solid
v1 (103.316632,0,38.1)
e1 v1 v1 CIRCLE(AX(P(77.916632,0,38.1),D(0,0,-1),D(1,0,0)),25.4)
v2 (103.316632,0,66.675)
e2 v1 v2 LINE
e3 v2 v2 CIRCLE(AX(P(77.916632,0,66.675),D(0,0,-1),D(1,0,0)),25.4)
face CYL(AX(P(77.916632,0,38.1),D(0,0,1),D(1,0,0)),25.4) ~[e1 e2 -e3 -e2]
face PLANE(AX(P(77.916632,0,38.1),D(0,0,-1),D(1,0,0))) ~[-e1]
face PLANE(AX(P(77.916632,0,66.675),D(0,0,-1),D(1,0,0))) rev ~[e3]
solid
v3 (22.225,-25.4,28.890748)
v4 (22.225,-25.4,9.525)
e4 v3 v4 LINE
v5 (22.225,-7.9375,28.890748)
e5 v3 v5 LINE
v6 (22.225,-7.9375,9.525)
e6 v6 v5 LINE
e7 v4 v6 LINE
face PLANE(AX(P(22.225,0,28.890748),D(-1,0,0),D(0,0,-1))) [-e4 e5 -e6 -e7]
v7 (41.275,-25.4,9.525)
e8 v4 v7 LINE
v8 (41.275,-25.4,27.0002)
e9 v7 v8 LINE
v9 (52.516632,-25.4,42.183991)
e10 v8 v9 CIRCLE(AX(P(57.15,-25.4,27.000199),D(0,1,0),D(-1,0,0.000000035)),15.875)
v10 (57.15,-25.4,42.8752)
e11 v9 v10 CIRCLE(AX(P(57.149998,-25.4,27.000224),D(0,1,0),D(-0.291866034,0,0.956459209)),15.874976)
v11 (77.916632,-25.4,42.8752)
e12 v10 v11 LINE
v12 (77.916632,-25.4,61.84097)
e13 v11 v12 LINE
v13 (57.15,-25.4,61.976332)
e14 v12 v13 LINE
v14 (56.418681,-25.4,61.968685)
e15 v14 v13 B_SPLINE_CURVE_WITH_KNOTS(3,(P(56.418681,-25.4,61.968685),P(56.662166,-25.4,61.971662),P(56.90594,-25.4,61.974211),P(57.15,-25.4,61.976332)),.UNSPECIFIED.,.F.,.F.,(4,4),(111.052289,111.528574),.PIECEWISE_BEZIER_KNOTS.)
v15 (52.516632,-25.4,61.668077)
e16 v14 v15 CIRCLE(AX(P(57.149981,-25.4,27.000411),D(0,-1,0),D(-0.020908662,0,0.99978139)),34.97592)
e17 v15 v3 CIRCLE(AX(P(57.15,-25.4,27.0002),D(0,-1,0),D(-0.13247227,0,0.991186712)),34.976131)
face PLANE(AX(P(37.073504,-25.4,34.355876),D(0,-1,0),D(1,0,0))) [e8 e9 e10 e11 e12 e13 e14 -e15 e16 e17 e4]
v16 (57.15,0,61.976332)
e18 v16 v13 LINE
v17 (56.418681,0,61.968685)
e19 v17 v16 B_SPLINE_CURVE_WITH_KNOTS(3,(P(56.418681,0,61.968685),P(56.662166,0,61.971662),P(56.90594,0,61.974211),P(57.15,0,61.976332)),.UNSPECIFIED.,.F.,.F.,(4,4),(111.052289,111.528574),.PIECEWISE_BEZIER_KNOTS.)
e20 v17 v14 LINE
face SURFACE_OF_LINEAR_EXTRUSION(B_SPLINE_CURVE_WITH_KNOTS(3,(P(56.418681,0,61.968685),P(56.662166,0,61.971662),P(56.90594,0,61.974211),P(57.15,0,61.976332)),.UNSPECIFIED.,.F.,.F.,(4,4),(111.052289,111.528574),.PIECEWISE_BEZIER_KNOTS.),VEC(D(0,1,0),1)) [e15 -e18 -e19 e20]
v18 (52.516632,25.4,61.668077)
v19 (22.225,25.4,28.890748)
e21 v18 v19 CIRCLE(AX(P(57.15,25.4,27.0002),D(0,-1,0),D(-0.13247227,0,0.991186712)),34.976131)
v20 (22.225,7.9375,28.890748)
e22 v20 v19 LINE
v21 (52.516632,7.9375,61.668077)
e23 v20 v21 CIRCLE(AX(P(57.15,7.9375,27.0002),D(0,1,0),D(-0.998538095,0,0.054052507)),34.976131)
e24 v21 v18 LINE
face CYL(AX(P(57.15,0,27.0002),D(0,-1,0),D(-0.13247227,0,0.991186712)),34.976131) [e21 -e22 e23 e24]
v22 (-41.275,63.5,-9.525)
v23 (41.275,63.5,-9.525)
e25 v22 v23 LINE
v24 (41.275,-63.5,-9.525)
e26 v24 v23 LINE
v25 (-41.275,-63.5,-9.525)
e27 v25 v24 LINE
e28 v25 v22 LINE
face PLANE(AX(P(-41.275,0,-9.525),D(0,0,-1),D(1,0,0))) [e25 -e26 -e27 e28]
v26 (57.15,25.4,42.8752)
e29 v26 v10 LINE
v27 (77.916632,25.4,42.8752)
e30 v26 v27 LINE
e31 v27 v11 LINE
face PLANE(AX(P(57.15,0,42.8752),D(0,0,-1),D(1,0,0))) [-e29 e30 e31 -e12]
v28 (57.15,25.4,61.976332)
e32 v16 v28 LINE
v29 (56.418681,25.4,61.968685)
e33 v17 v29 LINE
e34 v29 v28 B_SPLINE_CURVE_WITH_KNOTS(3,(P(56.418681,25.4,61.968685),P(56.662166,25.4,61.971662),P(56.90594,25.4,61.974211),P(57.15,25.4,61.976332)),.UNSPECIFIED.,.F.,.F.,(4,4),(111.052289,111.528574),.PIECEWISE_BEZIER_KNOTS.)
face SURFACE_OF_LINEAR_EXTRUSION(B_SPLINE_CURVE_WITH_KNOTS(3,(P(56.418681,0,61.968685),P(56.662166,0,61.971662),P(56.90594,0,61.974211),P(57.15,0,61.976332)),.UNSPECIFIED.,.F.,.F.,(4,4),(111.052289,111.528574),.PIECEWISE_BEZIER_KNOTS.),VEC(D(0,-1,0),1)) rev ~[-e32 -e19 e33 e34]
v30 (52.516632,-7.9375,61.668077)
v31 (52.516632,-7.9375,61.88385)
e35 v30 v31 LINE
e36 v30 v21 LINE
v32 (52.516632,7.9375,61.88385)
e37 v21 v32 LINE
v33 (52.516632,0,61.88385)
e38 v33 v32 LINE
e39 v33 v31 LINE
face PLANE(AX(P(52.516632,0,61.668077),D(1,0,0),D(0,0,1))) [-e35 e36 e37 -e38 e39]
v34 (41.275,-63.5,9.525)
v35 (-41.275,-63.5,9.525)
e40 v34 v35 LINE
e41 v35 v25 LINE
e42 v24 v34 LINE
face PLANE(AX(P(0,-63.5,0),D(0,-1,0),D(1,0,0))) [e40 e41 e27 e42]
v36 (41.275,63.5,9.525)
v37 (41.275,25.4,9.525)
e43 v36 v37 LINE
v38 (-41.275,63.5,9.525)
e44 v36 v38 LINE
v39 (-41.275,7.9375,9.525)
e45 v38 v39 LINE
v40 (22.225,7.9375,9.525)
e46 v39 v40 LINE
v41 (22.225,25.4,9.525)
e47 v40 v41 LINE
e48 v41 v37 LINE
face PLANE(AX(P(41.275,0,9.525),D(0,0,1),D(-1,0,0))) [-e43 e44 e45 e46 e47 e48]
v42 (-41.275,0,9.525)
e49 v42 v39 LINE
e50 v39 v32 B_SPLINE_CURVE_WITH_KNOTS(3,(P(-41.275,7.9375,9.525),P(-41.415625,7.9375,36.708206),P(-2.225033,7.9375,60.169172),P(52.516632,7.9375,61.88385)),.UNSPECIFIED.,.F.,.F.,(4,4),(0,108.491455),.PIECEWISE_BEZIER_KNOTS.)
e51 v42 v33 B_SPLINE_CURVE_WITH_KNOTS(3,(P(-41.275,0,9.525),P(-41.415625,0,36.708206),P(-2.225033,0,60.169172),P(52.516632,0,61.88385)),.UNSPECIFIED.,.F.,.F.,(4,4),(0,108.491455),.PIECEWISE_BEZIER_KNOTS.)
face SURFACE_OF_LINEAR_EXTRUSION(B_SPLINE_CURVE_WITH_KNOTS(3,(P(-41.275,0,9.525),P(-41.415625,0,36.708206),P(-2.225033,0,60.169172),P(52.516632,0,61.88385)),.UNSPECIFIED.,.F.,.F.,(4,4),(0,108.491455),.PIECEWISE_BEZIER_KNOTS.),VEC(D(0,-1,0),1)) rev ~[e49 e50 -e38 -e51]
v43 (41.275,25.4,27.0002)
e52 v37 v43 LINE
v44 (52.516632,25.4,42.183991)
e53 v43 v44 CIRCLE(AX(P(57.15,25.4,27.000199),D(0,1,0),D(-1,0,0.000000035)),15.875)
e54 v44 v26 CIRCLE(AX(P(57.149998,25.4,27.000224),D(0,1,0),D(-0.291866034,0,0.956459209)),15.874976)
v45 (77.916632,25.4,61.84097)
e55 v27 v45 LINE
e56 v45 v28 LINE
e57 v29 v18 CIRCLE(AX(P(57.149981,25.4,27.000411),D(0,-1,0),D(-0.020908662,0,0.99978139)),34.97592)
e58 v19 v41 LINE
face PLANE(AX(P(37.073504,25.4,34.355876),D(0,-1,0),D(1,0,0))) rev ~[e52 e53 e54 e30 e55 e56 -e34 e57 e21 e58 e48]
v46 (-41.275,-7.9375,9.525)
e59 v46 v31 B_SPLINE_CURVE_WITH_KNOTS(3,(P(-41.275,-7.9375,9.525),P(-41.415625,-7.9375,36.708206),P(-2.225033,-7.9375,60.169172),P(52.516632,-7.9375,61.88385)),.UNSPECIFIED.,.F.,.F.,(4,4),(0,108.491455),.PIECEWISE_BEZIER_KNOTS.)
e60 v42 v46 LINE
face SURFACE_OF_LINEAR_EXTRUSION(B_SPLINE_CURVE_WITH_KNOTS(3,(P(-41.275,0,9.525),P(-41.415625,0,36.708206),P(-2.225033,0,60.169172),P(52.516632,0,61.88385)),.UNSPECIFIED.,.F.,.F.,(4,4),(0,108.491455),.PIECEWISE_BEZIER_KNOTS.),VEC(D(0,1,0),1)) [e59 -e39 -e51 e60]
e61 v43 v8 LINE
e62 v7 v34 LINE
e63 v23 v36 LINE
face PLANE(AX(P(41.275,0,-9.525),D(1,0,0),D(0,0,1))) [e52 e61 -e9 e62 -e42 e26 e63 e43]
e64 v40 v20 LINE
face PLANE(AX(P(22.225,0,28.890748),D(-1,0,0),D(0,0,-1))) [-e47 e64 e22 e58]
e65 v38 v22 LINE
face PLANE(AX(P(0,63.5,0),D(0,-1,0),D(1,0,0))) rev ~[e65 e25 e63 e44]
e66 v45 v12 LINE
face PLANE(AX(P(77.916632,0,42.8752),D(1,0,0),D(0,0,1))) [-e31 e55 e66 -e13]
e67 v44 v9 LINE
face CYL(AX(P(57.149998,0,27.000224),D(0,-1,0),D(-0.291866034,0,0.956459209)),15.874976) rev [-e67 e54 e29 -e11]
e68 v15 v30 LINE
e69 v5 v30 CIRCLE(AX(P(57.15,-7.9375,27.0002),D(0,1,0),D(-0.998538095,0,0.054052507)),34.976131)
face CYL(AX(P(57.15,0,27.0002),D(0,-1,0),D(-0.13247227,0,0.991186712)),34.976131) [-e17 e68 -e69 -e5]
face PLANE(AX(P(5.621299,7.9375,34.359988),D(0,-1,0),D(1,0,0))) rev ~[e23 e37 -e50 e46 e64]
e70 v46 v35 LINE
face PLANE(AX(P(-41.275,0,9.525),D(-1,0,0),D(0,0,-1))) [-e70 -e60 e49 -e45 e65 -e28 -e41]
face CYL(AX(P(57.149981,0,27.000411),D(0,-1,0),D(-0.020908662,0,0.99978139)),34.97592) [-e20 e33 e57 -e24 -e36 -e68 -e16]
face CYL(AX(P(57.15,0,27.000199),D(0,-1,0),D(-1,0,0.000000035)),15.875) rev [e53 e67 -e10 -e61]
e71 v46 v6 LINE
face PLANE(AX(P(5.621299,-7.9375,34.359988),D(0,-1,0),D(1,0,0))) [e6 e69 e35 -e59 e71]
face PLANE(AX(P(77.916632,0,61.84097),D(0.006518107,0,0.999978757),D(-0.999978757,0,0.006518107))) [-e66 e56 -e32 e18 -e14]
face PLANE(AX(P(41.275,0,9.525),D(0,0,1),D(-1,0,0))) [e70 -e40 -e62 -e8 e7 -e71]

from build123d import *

# Parameters (mm, degrees)
F1_DEPTH = 63.5
F2_DEPTH = 7.9375
F3_DEPTH = 25.4


with BuildPart() as f1:
    # F0 (on Front) → F1 (new body, symmetric)
    with BuildSketch(Plane.XZ):
        Polygon((41.275, -9.525), (41.275, 9.525), (22.225, 9.525), (-41.275, 9.525), (-41.275, -9.525), align=None)
    extrude(amount=F1_DEPTH, both=True)

    # F0 (on Front) → F2 (join, symmetric)
    with BuildSketch(Plane.XZ):
        with BuildLine():
            Line((-41.275, 9.525), (22.225, 9.525))
            Line((22.225, 9.525), (22.225, 28.890748))
            ThreePointArc((22.225, 28.890748), (31.463341, 50.738889), (52.516632, 61.668077))
            Line((52.516632, 61.668077), (52.516632, 61.88385))
            add(Edge.make_bspline(
                [(-41.275, 9.525), (-41.415625, 36.708206), (-2.225033, 60.169172), (52.516632, 61.88385)],
                knots=[0, 0, 0, 0, 108.491455, 108.491455, 108.491455, 108.491455], degree=3))
        make_face()
    extrude(amount=F2_DEPTH, both=True)

    # F0 (on Front) → F3 (join, symmetric)
    with BuildSketch(Plane.XZ):
        with BuildLine():
            Line((22.225, 9.525), (41.275, 9.525))
            Line((41.275, 9.525), (41.275, 27.0002))
            ThreePointArc((41.275, 27.0002), (44.391271, 36.446387), (52.516632, 42.183991))
            Line((52.516632, 42.183991), (52.516632, 61.668077))
            ThreePointArc((52.516632, 61.668077), (31.463341, 50.738889), (22.225, 28.890748))
            Line((22.225, 28.890748), (22.225, 9.525))
        make_face()
        with BuildLine():
            Line((52.516632, 61.668077), (52.516632, 42.183991))
            ThreePointArc((52.516632, 42.183991), (54.807679, 42.701447), (57.15, 42.8752))
            Line((57.15, 42.8752), (77.916632, 42.8752))
            Line((77.916632, 42.8752), (77.916632, 61.84097))
            Line((77.916632, 61.84097), (57.15, 61.976332))
            add(Edge.make_bspline(
                [(56.418681, 61.968685), (56.662166, 61.971662), (56.90594, 61.974211), (57.15, 61.976332)],
                knots=[111.052289, 111.052289, 111.052289, 111.052289, 111.528574, 111.528574, 111.528574, 111.528574], degree=3))
            ThreePointArc((56.418681, 61.968685), (54.463449, 61.873001), (52.516632, 61.668077))
        make_face()
    extrude(amount=F3_DEPTH, both=True)


with BuildPart() as f4:
    # F0 (on Front) → F4 (revolve)
    with BuildSketch(Plane.XZ):
        Polygon((77.916632, 61.84097), (77.916632, 42.8752), (77.916632, 38.1), (103.316632, 38.1), (103.316632, 66.675), (77.916632, 66.675), align=None)
    revolve(axis=Axis((77.916632, 0, 52.3875), (0, 0, -1)))


solid = Compound([f1.part, f4.part])
